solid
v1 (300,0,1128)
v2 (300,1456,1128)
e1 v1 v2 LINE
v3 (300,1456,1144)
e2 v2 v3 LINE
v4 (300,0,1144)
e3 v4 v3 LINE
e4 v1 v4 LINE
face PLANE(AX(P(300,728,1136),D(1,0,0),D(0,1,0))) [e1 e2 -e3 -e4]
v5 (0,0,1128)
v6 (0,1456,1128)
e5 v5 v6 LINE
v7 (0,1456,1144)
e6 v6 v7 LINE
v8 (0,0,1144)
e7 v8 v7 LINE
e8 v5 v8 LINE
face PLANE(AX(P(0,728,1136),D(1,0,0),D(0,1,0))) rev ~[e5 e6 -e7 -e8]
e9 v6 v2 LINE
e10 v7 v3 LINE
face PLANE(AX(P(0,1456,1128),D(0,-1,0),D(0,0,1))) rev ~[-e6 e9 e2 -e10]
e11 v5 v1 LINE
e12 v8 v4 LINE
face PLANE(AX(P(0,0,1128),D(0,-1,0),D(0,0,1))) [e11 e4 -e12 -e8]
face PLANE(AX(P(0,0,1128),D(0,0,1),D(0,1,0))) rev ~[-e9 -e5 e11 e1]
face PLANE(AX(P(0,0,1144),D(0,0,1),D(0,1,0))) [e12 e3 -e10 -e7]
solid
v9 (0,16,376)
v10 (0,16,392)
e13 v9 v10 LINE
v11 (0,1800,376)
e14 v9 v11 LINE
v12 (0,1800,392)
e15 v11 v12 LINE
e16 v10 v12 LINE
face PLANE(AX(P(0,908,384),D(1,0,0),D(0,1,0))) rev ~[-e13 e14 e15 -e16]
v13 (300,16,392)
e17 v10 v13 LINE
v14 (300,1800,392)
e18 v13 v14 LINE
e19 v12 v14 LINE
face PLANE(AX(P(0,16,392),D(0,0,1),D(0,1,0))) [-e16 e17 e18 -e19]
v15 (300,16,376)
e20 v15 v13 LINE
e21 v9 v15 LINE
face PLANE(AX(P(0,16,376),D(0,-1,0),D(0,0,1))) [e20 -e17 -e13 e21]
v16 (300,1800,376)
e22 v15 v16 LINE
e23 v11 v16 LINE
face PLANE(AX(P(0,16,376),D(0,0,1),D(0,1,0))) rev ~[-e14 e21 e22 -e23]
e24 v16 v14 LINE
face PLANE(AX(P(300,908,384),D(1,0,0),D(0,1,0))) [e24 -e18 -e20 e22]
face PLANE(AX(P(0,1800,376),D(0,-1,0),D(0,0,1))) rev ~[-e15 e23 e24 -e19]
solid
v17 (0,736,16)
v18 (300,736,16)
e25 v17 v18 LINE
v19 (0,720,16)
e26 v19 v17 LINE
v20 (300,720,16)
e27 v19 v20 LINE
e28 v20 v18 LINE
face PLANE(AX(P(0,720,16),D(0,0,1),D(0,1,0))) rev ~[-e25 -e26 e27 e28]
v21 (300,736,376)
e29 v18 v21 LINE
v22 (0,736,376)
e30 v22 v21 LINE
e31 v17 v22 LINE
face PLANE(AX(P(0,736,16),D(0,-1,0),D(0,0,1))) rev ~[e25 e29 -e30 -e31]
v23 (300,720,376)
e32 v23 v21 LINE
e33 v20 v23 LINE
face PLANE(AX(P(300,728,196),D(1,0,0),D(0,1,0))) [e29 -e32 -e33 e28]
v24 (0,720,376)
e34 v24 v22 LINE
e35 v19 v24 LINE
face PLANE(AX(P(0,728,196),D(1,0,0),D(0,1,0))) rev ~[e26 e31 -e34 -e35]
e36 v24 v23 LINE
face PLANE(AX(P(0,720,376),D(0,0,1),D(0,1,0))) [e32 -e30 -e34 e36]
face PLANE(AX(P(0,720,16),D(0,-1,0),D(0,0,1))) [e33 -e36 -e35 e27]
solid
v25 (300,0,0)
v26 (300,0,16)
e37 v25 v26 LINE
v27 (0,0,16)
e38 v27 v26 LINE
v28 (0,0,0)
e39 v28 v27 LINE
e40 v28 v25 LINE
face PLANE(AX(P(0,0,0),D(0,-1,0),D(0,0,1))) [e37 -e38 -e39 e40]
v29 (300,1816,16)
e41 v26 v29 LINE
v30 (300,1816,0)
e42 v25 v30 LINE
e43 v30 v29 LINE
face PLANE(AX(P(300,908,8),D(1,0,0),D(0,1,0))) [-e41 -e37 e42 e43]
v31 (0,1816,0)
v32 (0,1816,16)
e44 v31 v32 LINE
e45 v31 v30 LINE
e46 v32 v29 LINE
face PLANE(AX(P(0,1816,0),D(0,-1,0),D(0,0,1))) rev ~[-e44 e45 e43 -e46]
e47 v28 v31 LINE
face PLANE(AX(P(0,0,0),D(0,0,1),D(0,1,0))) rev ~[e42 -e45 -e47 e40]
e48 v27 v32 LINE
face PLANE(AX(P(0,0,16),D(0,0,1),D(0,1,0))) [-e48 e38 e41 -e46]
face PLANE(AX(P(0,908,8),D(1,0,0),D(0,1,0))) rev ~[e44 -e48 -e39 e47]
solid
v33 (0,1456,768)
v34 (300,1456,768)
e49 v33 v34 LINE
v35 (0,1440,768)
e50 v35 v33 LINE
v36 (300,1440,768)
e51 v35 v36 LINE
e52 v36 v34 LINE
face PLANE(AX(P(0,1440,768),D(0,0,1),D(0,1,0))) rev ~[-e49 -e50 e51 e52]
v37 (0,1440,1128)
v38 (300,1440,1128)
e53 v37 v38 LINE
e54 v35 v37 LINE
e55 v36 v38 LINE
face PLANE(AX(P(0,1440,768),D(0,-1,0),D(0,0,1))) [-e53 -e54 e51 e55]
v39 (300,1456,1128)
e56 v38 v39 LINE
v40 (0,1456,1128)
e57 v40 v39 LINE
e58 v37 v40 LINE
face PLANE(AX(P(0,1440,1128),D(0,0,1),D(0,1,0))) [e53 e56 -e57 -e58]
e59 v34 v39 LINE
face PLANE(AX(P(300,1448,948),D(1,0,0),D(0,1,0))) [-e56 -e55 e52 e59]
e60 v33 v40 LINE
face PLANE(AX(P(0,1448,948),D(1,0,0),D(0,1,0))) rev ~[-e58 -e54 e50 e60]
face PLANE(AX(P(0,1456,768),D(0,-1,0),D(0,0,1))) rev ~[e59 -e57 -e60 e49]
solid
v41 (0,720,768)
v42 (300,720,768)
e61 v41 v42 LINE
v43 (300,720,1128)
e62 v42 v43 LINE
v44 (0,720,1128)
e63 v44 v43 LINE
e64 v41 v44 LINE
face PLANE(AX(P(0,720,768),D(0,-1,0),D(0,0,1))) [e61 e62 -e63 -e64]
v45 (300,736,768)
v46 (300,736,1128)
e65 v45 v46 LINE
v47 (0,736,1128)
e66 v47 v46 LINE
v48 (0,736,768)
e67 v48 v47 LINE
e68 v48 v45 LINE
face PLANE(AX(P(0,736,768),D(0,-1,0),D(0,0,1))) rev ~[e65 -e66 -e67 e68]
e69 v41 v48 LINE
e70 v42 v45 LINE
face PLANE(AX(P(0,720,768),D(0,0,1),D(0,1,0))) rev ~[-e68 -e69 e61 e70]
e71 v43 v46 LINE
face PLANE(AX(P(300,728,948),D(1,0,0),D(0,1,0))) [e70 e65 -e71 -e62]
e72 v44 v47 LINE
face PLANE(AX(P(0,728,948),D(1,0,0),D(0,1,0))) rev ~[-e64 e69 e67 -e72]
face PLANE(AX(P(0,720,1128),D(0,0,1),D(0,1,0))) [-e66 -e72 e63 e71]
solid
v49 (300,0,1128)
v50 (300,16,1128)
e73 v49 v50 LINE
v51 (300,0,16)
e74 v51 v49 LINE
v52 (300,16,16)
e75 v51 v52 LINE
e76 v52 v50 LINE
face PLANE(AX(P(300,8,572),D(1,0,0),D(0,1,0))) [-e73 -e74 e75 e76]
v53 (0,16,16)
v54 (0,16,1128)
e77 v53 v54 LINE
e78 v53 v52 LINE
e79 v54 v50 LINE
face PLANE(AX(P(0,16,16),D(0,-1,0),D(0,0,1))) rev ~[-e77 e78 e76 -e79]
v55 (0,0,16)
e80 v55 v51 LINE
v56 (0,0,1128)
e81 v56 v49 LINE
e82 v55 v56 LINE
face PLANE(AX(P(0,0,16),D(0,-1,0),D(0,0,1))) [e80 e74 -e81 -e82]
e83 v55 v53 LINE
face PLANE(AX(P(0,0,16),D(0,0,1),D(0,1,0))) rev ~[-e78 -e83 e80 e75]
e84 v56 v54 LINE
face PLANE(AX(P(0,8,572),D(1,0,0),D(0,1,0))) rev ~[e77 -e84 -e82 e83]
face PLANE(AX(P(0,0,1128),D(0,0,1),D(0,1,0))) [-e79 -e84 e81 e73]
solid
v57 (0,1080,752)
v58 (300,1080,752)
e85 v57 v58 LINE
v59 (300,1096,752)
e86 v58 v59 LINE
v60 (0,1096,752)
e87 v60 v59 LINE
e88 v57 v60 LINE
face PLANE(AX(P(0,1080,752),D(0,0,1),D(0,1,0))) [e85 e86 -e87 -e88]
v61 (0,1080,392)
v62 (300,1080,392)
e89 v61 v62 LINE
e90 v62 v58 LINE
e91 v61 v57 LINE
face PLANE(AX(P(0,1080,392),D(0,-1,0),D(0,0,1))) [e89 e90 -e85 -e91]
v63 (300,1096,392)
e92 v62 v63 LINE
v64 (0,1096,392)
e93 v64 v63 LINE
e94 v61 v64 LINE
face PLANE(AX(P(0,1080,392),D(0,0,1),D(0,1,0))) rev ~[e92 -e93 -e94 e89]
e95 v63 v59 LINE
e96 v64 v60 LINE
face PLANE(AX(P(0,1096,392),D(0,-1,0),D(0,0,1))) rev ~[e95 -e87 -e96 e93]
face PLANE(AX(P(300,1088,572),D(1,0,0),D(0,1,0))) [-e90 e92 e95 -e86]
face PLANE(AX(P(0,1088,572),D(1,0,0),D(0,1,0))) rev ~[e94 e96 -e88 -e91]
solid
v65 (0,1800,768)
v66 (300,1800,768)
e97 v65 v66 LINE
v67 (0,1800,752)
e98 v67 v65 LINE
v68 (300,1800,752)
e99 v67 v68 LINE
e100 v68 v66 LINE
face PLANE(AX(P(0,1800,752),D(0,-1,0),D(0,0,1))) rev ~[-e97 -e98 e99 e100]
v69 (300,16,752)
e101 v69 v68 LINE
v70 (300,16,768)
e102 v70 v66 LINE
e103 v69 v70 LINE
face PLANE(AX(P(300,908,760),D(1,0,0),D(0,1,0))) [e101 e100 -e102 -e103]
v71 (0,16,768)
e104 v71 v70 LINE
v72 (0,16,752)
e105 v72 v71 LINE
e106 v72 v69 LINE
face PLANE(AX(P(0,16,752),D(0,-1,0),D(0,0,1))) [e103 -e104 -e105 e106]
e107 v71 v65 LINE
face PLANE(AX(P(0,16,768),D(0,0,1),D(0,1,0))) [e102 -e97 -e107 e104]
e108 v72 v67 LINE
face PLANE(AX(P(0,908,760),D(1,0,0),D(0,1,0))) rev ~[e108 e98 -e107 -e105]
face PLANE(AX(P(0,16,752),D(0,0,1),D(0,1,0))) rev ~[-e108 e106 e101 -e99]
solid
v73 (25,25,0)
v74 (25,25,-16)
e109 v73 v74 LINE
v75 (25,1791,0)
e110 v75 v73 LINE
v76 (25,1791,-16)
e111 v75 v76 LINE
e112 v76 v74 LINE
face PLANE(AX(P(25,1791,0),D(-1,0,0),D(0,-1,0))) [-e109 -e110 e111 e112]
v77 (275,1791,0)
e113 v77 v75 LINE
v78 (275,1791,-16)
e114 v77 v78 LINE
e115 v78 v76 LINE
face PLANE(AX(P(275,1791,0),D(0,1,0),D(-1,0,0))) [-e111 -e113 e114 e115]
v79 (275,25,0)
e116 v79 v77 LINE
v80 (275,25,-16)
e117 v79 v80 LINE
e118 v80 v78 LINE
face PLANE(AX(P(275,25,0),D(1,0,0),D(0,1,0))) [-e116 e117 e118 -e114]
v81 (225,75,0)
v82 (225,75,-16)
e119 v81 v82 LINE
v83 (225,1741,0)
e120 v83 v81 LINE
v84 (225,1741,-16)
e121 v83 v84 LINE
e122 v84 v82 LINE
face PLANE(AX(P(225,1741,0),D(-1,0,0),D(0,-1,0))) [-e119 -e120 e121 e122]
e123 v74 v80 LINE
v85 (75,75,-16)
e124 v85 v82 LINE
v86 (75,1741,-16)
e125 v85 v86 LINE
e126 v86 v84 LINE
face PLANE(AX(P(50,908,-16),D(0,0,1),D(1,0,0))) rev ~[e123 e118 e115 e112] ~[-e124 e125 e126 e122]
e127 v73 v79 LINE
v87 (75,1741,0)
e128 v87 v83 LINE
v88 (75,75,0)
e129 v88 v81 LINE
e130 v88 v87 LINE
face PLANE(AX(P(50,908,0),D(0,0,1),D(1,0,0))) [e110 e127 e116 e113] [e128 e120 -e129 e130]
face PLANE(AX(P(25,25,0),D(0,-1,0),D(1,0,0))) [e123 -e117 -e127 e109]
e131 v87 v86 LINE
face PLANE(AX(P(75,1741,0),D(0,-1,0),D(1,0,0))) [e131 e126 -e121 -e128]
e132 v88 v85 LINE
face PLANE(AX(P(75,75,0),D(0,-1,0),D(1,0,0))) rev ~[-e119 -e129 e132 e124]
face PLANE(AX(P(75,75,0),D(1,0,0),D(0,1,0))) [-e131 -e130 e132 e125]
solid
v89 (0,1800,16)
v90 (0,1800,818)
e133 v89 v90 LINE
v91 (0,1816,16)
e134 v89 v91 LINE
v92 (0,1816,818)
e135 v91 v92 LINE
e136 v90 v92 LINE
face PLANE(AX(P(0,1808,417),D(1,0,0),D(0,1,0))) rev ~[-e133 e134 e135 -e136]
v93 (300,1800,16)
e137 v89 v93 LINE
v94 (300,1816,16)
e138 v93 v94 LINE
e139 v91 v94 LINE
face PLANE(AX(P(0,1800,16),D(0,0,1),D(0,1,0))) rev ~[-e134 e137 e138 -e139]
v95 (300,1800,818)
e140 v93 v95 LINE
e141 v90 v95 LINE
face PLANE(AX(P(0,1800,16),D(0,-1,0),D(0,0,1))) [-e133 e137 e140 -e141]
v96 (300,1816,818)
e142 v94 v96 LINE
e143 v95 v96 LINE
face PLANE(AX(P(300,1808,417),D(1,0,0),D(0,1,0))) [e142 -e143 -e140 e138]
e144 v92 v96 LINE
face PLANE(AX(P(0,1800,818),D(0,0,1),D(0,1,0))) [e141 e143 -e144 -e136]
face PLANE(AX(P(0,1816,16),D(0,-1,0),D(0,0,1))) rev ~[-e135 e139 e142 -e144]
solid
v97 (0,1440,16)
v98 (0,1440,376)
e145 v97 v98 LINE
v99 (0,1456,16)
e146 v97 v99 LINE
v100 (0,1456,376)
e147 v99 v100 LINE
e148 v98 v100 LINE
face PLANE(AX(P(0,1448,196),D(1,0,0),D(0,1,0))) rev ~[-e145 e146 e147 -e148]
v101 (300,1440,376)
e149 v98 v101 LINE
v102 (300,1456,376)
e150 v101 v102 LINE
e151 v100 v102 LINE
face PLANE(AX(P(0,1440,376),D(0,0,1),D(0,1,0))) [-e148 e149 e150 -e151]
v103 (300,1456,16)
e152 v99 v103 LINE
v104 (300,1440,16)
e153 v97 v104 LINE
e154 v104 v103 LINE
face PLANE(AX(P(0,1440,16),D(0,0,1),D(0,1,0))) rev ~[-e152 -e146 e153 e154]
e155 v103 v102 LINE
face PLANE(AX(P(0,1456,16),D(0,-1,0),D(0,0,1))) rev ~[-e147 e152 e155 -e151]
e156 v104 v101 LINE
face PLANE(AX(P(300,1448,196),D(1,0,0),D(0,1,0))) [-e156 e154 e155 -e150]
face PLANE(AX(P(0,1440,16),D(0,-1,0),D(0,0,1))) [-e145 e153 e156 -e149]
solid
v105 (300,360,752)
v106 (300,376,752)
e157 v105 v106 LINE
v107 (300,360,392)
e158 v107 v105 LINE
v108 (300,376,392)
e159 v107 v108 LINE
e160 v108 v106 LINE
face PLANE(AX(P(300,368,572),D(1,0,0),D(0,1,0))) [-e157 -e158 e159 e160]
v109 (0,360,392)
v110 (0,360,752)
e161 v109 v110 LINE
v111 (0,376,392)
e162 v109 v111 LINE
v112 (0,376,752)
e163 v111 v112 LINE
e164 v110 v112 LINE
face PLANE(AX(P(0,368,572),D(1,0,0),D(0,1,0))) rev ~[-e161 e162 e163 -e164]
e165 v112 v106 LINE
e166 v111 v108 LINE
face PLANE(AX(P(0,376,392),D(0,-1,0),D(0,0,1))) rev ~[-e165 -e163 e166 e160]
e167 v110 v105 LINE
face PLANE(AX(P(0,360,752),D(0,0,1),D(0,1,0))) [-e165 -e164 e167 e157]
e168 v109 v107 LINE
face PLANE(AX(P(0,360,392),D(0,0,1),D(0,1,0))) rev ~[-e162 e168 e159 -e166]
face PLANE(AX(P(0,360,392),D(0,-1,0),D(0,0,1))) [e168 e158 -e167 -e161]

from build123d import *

# Parameters (mm, degrees)
F2_W     = 1816
F2_H     = 16
F2_W_2   = 1784
F2_W_3   = 1456
F3_DEPTH = 300
F1_W     = 16
F1_H     = 802
F1_H_2   = 1112
F1_H_3   = 360
F4_DEPTH = 300
F5_W     = 150
F5_H     = 50
F6_DEPTH = 16


with BuildPart() as f3:
    # F2 (on Right) → F3 (new body)
    with BuildSketch(Plane.YZ):
        with Locations((908, 8)):
            Rectangle(F2_W, F2_H)
        with Locations((908, 384)):
            Rectangle(F2_W_2, F2_H)
        with Locations((908, 760)):
            Rectangle(F2_W_2, F2_H)
        with Locations((728, 1136)):
            Rectangle(F2_W_3, F2_H)
    extrude(amount=F3_DEPTH)


with BuildPart() as f4:
    # F1 (on Right) → F4 (new body)
    with BuildSketch(Plane.YZ):
        with Locations((1808, 417)):
            Rectangle(F1_W, F1_H)
        with Locations((8, 572)):
            Rectangle(F1_W, F1_H_2)
        with Locations((1448, 948)):
            Rectangle(F1_W, F1_H_3)
        with Locations((1088, 572)):
            Rectangle(F1_W, F1_H_3)
        with Locations((1448, 196)):
            Rectangle(F1_W, F1_H_3)
        with Locations((728, 196)):
            Rectangle(F1_W, F1_H_3)
        with Locations((368, 572)):
            Rectangle(F1_W, F1_H_3)
        with Locations((728, 948)):
            Rectangle(F1_W, F1_H_3)
    extrude(amount=F4_DEPTH)


with BuildPart() as f6:
    # F5 (on Top) → F6 (new body)
    with BuildSketch(Plane.XY):
        Polygon((25, 1791), (25, 25), (75, 25), (75, 75), (75, 1741), (75, 1791), align=None)
        with Locations((150, 50)):
            Rectangle(F5_W, F5_H)
        Polygon((225, 75), (225, 25), (275, 25), (275, 1791), (225, 1791), (225, 1741), align=None)
        with Locations((150, 1766)):
            Rectangle(F5_W, F5_H)
    extrude(amount=-F6_DEPTH)


solid = Compound([f3.part, f4.part, f6.part])
